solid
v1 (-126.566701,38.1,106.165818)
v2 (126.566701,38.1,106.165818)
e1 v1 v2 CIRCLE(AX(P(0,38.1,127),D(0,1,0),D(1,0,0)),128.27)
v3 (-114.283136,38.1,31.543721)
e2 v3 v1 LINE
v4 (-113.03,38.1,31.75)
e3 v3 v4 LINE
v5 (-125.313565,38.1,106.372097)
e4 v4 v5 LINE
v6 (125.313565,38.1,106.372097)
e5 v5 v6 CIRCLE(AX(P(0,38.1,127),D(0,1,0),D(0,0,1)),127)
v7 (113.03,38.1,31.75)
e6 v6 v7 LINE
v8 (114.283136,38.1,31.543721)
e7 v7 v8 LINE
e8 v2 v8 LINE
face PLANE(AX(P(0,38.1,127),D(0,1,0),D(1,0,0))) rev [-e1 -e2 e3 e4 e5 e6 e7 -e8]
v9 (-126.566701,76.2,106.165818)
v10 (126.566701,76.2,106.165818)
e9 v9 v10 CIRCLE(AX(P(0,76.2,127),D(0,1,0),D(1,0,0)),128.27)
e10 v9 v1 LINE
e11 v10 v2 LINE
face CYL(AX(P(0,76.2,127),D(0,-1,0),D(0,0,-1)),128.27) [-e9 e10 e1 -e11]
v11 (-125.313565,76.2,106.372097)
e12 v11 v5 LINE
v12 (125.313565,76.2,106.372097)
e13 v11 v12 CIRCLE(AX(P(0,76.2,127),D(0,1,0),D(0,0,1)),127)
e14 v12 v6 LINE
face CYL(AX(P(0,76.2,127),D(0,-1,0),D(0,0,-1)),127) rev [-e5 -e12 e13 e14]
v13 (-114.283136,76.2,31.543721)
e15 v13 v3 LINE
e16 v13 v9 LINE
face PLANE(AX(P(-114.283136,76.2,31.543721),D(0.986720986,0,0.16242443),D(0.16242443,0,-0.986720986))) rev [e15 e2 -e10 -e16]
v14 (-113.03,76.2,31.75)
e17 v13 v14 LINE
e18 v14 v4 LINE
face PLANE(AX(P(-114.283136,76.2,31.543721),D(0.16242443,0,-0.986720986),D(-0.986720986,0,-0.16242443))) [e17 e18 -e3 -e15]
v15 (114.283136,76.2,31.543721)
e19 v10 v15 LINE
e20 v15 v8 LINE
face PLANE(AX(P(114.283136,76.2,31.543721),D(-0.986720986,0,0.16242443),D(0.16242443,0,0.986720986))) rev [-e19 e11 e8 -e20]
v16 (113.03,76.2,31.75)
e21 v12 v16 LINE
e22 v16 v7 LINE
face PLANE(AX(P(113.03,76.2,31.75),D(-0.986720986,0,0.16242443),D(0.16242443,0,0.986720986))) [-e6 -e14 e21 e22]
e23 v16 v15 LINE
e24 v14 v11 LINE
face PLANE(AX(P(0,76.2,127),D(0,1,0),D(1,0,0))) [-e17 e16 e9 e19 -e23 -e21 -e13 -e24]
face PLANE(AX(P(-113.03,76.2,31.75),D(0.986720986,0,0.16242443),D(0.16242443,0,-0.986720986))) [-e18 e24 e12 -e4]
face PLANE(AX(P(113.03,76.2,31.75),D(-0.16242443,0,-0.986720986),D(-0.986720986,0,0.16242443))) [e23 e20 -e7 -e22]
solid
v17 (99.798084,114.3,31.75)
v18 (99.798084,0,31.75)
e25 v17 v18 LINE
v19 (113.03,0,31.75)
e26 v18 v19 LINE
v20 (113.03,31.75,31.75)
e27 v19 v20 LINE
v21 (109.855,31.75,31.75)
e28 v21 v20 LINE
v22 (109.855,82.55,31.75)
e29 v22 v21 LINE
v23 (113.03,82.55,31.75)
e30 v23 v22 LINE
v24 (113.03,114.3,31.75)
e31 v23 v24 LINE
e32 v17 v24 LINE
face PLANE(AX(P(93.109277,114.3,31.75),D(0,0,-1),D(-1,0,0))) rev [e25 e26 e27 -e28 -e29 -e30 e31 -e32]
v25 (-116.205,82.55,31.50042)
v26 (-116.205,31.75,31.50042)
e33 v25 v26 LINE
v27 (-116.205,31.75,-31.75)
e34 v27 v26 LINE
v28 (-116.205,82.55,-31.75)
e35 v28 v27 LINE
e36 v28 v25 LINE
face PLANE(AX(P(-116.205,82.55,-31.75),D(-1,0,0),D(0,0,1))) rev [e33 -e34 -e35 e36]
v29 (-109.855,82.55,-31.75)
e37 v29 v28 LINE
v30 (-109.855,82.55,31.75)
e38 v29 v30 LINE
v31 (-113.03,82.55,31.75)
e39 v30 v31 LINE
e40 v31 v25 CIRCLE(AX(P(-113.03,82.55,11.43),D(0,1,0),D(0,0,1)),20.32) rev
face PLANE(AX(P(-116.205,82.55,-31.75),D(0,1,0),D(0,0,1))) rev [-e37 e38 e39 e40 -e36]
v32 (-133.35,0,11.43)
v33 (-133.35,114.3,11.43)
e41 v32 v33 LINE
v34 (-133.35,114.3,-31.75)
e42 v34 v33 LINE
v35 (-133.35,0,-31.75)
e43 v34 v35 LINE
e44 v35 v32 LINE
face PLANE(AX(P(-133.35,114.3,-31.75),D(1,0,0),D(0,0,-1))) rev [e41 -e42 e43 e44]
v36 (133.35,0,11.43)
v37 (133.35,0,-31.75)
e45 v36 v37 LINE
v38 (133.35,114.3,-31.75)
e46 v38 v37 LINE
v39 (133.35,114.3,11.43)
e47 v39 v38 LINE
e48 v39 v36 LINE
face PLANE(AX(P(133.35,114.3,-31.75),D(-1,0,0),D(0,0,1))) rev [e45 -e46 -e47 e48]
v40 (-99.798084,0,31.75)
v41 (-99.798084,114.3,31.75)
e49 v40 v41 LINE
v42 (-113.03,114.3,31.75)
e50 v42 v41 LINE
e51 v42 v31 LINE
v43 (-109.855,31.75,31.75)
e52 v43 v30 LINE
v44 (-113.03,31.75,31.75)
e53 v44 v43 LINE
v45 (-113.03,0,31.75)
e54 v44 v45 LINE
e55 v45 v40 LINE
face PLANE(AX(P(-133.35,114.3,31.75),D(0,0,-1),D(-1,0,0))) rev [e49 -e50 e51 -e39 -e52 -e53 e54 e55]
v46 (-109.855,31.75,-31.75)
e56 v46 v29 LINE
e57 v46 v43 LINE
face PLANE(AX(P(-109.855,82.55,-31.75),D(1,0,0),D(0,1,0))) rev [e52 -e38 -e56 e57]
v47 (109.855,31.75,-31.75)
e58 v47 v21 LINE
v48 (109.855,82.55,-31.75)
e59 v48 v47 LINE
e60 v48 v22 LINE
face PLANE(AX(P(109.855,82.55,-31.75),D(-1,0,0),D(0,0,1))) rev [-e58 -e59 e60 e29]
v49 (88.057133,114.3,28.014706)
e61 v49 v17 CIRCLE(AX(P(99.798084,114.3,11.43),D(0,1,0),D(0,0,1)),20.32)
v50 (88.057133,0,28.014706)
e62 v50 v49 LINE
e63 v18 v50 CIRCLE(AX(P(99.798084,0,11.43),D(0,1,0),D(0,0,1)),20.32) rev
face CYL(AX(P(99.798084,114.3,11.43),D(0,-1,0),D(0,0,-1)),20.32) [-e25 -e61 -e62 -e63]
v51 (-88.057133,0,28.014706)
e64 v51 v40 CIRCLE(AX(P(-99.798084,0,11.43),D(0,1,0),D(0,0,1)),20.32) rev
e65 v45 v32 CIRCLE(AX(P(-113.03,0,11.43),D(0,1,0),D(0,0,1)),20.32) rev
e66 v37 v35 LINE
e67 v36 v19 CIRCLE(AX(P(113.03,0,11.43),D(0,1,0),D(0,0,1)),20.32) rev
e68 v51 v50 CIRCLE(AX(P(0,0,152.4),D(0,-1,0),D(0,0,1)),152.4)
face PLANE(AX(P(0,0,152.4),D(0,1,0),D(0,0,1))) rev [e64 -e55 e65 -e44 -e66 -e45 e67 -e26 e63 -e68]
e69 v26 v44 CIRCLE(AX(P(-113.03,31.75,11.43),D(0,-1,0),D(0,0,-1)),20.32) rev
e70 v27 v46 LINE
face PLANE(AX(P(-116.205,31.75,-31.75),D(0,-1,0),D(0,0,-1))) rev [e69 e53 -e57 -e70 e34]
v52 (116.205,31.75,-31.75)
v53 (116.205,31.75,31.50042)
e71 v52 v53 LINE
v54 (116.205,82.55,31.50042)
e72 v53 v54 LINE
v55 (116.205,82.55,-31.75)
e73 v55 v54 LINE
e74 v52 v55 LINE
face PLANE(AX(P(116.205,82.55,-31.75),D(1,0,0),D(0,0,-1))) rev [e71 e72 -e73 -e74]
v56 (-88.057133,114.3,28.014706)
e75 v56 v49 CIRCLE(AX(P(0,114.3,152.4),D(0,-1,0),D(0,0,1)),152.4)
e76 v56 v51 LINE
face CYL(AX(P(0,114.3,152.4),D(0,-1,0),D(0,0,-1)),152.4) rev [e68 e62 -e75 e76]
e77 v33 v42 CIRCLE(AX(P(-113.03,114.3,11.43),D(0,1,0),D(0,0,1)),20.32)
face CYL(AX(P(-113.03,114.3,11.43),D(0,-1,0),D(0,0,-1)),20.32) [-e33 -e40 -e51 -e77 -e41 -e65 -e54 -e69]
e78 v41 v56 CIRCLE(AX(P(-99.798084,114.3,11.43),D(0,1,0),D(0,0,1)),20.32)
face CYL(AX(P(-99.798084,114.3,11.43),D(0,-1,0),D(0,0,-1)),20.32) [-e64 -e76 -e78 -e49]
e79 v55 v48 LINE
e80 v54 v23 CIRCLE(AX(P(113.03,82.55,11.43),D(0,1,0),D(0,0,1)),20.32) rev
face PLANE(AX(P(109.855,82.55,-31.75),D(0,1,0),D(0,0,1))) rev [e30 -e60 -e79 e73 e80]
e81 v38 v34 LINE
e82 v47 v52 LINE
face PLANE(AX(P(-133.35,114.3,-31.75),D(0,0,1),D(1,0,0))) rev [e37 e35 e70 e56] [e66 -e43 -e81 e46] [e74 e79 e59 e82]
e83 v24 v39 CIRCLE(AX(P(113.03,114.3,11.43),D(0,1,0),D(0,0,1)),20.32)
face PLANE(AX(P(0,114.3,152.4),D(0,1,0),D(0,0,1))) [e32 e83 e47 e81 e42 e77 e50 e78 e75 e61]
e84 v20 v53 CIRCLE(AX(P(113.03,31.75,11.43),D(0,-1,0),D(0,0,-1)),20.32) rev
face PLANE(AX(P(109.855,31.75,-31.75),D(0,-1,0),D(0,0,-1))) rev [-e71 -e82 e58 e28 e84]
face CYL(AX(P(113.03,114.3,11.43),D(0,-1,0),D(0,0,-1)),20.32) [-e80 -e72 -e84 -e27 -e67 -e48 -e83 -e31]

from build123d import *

# Parameters (mm, degrees)
BOSS_EXTRUDE1_DEPTH = 114.3
FILLET1_R           = 20.32
FILLET2_R           = 20.32
SKETCH2_W           = 6.35
SKETCH2_H           = 50.8
CUT_EXTRUDE1_DEPTH  = 187.759102857
EXTRUDE_THIN1_START = 6.35
EXTRUDE_THIN1_DEPTH = 38.1


with BuildPart() as part:
    # Sketch1 → Boss-Extrude1 (new body)
    with BuildSketch(Plane(origin=(0, 0, 0), x_dir=(1, 0, 0), z_dir=(0, 1, 0))):
        with BuildLine():
            Line((-133.35, 31.75), (133.35, 31.75))
            Line((133.35, 31.75), (133.35, -31.75))
            Line((133.35, -31.75), (93.109277196, -31.75))
            ThreePointArc((93.109277196, -31.75), (0, 0), (-93.109277196, -31.75))
            Line((-93.109277196, -31.75), (-133.35, -31.75))
            Line((-133.35, -31.75), (-133.35, 31.75))
        make_face()
    extrude(amount=BOSS_EXTRUDE1_DEPTH)

    # Fillet1
    fillet1_edges = [part.edges().sort_by_distance(p)[0] for p in [
        (-133.35, 57.15, 31.75),
        (133.35, 57.15, 31.75),
    ]]
    fillet(fillet1_edges, radius=FILLET1_R)

    # Fillet2
    fillet2_edges = [part.edges().sort_by_distance(p)[0] for p in [
        (93.109277196, 57.15, 31.75),
        (-93.109277196, 57.15, 31.75),
    ]]
    fillet(fillet2_edges, radius=FILLET2_R)

    # Sketch2 → Cut-Extrude1 (cut, through all)
    with BuildSketch(Plane.XY.offset(31.75)):
        with Locations((-113.03, 57.15)):
            Rectangle(SKETCH2_W, SKETCH2_H)
        with Locations((113.03, 57.15)):
            Rectangle(SKETCH2_W, SKETCH2_H)
    extrude(amount=-CUT_EXTRUDE1_DEPTH, mode=Mode.SUBTRACT)


with BuildPart() as body_2:
    # Sketch3 → Extrude-Thin1 (new body)
    with BuildSketch(Plane(origin=(0, 31.75, 0), x_dir=(1, 0, 0), z_dir=(0, 1, 0)).offset(EXTRUDE_THIN1_START)):
        with BuildLine():
            Line((-113.03, -31.75), (-125.313565249, -106.372097429))
            ThreePointArc((-125.313565249, -106.372097429), (0, -254), (125.313565249, -106.372097429))
            Line((125.313565249, -106.372097429), (113.03, -31.75))
            Line((113.03, -31.75), (114.283135652, -31.543720974))
            Line((114.283135652, -31.543720974), (126.566700902, -106.165818404))
            ThreePointArc((126.566700902, -106.165818404), (0, -255.27), (-126.566700902, -106.165818404))
            Line((-126.566700902, -106.165818404), (-114.283135652, -31.543720974))
            Line((-114.283135652, -31.543720974), (-113.03, -31.75))
        make_face()
    extrude(amount=EXTRUDE_THIN1_DEPTH)


solid = Compound([part.part, body_2.part])
